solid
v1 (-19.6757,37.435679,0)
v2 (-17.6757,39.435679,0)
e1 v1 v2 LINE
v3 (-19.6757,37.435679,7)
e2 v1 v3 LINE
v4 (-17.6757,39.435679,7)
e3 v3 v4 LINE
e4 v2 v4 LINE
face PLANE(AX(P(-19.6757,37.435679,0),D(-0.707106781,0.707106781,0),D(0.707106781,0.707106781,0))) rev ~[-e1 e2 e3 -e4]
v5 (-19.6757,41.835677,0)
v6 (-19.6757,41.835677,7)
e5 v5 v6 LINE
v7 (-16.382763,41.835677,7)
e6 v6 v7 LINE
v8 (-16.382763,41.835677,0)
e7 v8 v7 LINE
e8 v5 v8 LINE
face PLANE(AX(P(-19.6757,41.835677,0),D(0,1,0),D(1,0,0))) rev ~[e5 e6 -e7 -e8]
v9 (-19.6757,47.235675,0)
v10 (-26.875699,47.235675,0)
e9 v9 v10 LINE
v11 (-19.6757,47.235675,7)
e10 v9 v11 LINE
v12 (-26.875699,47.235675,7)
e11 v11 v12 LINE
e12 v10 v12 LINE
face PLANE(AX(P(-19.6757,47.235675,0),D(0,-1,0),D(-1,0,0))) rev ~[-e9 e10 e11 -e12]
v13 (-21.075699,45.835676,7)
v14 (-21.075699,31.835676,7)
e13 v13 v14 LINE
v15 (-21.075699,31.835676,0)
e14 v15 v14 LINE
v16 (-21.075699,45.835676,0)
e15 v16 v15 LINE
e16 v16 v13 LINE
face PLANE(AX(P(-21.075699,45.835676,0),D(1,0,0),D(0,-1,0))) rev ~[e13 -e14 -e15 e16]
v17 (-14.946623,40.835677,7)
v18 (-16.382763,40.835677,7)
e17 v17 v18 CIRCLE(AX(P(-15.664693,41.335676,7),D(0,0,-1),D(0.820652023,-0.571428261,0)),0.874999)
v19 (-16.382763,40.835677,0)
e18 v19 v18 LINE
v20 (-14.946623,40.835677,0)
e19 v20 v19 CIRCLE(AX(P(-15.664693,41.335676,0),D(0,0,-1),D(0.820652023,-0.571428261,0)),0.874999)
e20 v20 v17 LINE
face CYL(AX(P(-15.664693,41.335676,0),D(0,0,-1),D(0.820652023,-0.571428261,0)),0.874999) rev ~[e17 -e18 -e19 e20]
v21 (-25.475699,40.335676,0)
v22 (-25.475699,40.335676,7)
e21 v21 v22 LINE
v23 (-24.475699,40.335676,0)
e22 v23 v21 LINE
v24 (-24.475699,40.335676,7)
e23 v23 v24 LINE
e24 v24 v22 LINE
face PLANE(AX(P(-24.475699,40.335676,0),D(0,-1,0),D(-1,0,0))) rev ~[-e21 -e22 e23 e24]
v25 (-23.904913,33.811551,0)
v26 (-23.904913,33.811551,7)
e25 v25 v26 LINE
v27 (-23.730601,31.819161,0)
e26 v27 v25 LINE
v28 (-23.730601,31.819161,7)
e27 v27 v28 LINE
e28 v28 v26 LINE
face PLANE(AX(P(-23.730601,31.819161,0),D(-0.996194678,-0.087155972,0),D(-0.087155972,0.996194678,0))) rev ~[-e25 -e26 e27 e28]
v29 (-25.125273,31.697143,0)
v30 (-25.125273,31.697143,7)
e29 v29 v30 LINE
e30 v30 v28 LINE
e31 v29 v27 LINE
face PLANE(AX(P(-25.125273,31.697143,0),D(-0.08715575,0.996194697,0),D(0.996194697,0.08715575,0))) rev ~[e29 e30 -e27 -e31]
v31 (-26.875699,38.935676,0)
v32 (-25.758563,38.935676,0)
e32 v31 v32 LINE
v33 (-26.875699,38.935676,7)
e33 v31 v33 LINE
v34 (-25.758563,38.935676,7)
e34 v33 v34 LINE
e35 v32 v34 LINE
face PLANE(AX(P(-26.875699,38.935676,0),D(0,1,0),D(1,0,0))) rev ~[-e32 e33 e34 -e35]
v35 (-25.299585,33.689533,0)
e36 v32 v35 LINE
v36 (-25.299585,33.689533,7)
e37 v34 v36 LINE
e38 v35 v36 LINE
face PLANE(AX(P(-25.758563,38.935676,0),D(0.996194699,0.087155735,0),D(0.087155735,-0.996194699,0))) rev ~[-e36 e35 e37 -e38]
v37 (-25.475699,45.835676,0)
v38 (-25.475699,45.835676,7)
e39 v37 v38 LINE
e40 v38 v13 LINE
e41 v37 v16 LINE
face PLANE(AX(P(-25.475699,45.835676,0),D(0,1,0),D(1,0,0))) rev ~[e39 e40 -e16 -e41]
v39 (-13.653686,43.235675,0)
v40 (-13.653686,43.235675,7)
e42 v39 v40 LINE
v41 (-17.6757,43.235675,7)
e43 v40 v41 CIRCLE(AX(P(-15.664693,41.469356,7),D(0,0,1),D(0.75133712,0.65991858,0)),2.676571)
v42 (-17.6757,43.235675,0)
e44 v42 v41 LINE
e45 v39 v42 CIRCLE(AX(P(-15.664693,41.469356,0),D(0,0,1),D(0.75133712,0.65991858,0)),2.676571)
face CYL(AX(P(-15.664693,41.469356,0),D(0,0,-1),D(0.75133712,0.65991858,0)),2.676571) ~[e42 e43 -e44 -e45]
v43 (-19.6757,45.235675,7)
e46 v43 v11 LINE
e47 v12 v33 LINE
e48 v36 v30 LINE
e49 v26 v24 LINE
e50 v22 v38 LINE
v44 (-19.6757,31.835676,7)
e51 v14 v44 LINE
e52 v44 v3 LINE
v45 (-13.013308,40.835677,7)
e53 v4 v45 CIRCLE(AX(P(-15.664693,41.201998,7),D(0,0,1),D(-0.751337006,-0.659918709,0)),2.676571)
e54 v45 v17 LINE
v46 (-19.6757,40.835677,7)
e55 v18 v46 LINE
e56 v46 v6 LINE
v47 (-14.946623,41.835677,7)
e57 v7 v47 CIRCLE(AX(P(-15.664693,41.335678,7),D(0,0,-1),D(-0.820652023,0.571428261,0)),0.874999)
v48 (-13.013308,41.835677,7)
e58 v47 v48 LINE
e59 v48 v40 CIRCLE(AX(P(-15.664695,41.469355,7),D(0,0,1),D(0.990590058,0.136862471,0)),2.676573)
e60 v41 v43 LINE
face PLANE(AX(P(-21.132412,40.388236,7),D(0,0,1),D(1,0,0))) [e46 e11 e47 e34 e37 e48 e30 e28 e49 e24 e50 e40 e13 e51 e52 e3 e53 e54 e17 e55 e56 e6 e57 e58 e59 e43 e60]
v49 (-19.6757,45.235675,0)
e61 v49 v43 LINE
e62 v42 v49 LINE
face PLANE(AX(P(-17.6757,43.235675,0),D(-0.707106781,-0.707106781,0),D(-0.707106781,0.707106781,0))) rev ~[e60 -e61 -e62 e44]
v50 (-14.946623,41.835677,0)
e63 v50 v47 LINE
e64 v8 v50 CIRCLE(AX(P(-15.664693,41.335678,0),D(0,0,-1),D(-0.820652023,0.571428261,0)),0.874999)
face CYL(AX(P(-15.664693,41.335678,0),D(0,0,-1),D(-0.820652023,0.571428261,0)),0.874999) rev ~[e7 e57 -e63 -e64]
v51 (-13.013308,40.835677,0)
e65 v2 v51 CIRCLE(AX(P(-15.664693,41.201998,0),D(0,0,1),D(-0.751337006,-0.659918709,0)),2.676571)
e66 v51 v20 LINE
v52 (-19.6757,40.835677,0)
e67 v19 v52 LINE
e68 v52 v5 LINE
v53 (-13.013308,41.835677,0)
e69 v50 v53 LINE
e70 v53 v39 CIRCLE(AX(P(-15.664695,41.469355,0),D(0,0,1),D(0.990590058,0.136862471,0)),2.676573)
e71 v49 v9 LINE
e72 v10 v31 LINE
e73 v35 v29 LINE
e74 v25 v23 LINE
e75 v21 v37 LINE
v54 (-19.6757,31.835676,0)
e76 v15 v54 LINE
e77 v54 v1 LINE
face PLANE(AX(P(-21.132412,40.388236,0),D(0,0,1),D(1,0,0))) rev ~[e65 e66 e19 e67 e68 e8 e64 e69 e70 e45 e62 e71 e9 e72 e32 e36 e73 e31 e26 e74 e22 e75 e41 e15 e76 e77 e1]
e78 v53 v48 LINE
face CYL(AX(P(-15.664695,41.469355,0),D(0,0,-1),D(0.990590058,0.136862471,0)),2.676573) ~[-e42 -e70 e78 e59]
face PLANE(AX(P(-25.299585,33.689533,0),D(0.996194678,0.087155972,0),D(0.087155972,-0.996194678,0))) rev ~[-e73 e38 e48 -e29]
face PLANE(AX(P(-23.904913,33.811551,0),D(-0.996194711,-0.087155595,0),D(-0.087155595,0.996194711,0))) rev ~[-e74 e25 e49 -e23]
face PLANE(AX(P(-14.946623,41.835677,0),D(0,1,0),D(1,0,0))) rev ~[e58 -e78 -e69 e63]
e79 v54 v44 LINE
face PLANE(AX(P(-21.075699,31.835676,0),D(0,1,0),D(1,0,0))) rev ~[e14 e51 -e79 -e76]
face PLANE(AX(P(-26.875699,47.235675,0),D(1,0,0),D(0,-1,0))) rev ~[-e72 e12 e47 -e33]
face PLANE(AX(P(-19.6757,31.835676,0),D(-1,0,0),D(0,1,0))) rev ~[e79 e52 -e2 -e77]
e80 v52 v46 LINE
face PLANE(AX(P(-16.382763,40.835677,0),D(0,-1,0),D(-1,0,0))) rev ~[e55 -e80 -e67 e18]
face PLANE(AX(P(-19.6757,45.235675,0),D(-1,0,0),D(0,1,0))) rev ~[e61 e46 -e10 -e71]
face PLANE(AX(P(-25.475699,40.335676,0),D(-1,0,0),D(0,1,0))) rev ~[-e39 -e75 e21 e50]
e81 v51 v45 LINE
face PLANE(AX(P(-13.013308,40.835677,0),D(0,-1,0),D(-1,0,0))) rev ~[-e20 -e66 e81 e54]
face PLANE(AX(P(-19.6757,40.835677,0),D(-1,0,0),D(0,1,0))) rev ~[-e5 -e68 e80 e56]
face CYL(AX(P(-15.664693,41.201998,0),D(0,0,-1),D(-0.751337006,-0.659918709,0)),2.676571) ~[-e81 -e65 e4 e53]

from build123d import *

# Parameters (mm, degrees)
F1_DEPTH = 7


with BuildPart() as f1:
    # F0 (on Top) → F1 (new body)
    with BuildSketch(Plane.XY):
        with BuildLine():
            Line((-25.475699, 40.335676), (-25.475699, 45.835676))
            Line((-25.475699, 45.835676), (-21.075699, 45.835676))
            Line((-21.075699, 45.835676), (-21.075699, 33.835676))
            Line((-21.075699, 33.835676), (-21.075699, 31.835676))
            Line((-21.075699, 31.835676), (-19.6757, 31.835676))
            Line((-19.6757, 31.835676), (-19.6757, 33.835676))
            Line((-19.6757, 33.835676), (-19.6757, 37.435679))
            Line((-19.6757, 37.435679), (-17.6757, 39.435679))
            ThreePointArc((-17.6757, 39.435679), (-14.89494, 38.638502), (-13.013308, 40.835677))
            Line((-13.013308, 40.835677), (-14.946623, 40.835677))
            ThreePointArc((-14.946623, 40.835677), (-15.664693, 40.460677), (-16.382763, 40.835677))
            Line((-16.382763, 40.835677), (-19.6757, 40.835677))
            Line((-19.6757, 40.835677), (-19.6757, 41.835677))
            Line((-19.6757, 41.835677), (-16.382763, 41.835677))
            ThreePointArc((-16.382763, 41.835677), (-15.664693, 42.210677), (-14.946623, 41.835677))
            Line((-14.946623, 41.835677), (-13.013308, 41.835677))
            ThreePointArc((-13.013308, 41.835677), (-13.230669, 42.582711), (-13.653686, 43.235675))
            ThreePointArc((-13.653686, 43.235675), (-15.664693, 44.145927), (-17.6757, 43.235675))
            Line((-17.6757, 43.235675), (-19.6757, 45.235675))
            Line((-19.6757, 45.235675), (-19.6757, 47.235675))
            Line((-19.6757, 47.235675), (-26.875699, 47.235675))
            Line((-26.875699, 47.235675), (-26.875699, 38.935676))
            Line((-26.875699, 38.935676), (-25.758563, 38.935676))
            Line((-25.758563, 38.935676), (-25.299585, 33.689533))
            Line((-25.299585, 33.689533), (-25.125273, 31.697143))
            Line((-25.125273, 31.697143), (-23.730601, 31.819161))
            Line((-23.730601, 31.819161), (-23.904913, 33.811551))
            Line((-23.904913, 33.811551), (-24.475699, 40.335676))
            Line((-24.475699, 40.335676), (-25.475699, 40.335676))
        make_face()
    extrude(amount=F1_DEPTH)


solid = f1.part
